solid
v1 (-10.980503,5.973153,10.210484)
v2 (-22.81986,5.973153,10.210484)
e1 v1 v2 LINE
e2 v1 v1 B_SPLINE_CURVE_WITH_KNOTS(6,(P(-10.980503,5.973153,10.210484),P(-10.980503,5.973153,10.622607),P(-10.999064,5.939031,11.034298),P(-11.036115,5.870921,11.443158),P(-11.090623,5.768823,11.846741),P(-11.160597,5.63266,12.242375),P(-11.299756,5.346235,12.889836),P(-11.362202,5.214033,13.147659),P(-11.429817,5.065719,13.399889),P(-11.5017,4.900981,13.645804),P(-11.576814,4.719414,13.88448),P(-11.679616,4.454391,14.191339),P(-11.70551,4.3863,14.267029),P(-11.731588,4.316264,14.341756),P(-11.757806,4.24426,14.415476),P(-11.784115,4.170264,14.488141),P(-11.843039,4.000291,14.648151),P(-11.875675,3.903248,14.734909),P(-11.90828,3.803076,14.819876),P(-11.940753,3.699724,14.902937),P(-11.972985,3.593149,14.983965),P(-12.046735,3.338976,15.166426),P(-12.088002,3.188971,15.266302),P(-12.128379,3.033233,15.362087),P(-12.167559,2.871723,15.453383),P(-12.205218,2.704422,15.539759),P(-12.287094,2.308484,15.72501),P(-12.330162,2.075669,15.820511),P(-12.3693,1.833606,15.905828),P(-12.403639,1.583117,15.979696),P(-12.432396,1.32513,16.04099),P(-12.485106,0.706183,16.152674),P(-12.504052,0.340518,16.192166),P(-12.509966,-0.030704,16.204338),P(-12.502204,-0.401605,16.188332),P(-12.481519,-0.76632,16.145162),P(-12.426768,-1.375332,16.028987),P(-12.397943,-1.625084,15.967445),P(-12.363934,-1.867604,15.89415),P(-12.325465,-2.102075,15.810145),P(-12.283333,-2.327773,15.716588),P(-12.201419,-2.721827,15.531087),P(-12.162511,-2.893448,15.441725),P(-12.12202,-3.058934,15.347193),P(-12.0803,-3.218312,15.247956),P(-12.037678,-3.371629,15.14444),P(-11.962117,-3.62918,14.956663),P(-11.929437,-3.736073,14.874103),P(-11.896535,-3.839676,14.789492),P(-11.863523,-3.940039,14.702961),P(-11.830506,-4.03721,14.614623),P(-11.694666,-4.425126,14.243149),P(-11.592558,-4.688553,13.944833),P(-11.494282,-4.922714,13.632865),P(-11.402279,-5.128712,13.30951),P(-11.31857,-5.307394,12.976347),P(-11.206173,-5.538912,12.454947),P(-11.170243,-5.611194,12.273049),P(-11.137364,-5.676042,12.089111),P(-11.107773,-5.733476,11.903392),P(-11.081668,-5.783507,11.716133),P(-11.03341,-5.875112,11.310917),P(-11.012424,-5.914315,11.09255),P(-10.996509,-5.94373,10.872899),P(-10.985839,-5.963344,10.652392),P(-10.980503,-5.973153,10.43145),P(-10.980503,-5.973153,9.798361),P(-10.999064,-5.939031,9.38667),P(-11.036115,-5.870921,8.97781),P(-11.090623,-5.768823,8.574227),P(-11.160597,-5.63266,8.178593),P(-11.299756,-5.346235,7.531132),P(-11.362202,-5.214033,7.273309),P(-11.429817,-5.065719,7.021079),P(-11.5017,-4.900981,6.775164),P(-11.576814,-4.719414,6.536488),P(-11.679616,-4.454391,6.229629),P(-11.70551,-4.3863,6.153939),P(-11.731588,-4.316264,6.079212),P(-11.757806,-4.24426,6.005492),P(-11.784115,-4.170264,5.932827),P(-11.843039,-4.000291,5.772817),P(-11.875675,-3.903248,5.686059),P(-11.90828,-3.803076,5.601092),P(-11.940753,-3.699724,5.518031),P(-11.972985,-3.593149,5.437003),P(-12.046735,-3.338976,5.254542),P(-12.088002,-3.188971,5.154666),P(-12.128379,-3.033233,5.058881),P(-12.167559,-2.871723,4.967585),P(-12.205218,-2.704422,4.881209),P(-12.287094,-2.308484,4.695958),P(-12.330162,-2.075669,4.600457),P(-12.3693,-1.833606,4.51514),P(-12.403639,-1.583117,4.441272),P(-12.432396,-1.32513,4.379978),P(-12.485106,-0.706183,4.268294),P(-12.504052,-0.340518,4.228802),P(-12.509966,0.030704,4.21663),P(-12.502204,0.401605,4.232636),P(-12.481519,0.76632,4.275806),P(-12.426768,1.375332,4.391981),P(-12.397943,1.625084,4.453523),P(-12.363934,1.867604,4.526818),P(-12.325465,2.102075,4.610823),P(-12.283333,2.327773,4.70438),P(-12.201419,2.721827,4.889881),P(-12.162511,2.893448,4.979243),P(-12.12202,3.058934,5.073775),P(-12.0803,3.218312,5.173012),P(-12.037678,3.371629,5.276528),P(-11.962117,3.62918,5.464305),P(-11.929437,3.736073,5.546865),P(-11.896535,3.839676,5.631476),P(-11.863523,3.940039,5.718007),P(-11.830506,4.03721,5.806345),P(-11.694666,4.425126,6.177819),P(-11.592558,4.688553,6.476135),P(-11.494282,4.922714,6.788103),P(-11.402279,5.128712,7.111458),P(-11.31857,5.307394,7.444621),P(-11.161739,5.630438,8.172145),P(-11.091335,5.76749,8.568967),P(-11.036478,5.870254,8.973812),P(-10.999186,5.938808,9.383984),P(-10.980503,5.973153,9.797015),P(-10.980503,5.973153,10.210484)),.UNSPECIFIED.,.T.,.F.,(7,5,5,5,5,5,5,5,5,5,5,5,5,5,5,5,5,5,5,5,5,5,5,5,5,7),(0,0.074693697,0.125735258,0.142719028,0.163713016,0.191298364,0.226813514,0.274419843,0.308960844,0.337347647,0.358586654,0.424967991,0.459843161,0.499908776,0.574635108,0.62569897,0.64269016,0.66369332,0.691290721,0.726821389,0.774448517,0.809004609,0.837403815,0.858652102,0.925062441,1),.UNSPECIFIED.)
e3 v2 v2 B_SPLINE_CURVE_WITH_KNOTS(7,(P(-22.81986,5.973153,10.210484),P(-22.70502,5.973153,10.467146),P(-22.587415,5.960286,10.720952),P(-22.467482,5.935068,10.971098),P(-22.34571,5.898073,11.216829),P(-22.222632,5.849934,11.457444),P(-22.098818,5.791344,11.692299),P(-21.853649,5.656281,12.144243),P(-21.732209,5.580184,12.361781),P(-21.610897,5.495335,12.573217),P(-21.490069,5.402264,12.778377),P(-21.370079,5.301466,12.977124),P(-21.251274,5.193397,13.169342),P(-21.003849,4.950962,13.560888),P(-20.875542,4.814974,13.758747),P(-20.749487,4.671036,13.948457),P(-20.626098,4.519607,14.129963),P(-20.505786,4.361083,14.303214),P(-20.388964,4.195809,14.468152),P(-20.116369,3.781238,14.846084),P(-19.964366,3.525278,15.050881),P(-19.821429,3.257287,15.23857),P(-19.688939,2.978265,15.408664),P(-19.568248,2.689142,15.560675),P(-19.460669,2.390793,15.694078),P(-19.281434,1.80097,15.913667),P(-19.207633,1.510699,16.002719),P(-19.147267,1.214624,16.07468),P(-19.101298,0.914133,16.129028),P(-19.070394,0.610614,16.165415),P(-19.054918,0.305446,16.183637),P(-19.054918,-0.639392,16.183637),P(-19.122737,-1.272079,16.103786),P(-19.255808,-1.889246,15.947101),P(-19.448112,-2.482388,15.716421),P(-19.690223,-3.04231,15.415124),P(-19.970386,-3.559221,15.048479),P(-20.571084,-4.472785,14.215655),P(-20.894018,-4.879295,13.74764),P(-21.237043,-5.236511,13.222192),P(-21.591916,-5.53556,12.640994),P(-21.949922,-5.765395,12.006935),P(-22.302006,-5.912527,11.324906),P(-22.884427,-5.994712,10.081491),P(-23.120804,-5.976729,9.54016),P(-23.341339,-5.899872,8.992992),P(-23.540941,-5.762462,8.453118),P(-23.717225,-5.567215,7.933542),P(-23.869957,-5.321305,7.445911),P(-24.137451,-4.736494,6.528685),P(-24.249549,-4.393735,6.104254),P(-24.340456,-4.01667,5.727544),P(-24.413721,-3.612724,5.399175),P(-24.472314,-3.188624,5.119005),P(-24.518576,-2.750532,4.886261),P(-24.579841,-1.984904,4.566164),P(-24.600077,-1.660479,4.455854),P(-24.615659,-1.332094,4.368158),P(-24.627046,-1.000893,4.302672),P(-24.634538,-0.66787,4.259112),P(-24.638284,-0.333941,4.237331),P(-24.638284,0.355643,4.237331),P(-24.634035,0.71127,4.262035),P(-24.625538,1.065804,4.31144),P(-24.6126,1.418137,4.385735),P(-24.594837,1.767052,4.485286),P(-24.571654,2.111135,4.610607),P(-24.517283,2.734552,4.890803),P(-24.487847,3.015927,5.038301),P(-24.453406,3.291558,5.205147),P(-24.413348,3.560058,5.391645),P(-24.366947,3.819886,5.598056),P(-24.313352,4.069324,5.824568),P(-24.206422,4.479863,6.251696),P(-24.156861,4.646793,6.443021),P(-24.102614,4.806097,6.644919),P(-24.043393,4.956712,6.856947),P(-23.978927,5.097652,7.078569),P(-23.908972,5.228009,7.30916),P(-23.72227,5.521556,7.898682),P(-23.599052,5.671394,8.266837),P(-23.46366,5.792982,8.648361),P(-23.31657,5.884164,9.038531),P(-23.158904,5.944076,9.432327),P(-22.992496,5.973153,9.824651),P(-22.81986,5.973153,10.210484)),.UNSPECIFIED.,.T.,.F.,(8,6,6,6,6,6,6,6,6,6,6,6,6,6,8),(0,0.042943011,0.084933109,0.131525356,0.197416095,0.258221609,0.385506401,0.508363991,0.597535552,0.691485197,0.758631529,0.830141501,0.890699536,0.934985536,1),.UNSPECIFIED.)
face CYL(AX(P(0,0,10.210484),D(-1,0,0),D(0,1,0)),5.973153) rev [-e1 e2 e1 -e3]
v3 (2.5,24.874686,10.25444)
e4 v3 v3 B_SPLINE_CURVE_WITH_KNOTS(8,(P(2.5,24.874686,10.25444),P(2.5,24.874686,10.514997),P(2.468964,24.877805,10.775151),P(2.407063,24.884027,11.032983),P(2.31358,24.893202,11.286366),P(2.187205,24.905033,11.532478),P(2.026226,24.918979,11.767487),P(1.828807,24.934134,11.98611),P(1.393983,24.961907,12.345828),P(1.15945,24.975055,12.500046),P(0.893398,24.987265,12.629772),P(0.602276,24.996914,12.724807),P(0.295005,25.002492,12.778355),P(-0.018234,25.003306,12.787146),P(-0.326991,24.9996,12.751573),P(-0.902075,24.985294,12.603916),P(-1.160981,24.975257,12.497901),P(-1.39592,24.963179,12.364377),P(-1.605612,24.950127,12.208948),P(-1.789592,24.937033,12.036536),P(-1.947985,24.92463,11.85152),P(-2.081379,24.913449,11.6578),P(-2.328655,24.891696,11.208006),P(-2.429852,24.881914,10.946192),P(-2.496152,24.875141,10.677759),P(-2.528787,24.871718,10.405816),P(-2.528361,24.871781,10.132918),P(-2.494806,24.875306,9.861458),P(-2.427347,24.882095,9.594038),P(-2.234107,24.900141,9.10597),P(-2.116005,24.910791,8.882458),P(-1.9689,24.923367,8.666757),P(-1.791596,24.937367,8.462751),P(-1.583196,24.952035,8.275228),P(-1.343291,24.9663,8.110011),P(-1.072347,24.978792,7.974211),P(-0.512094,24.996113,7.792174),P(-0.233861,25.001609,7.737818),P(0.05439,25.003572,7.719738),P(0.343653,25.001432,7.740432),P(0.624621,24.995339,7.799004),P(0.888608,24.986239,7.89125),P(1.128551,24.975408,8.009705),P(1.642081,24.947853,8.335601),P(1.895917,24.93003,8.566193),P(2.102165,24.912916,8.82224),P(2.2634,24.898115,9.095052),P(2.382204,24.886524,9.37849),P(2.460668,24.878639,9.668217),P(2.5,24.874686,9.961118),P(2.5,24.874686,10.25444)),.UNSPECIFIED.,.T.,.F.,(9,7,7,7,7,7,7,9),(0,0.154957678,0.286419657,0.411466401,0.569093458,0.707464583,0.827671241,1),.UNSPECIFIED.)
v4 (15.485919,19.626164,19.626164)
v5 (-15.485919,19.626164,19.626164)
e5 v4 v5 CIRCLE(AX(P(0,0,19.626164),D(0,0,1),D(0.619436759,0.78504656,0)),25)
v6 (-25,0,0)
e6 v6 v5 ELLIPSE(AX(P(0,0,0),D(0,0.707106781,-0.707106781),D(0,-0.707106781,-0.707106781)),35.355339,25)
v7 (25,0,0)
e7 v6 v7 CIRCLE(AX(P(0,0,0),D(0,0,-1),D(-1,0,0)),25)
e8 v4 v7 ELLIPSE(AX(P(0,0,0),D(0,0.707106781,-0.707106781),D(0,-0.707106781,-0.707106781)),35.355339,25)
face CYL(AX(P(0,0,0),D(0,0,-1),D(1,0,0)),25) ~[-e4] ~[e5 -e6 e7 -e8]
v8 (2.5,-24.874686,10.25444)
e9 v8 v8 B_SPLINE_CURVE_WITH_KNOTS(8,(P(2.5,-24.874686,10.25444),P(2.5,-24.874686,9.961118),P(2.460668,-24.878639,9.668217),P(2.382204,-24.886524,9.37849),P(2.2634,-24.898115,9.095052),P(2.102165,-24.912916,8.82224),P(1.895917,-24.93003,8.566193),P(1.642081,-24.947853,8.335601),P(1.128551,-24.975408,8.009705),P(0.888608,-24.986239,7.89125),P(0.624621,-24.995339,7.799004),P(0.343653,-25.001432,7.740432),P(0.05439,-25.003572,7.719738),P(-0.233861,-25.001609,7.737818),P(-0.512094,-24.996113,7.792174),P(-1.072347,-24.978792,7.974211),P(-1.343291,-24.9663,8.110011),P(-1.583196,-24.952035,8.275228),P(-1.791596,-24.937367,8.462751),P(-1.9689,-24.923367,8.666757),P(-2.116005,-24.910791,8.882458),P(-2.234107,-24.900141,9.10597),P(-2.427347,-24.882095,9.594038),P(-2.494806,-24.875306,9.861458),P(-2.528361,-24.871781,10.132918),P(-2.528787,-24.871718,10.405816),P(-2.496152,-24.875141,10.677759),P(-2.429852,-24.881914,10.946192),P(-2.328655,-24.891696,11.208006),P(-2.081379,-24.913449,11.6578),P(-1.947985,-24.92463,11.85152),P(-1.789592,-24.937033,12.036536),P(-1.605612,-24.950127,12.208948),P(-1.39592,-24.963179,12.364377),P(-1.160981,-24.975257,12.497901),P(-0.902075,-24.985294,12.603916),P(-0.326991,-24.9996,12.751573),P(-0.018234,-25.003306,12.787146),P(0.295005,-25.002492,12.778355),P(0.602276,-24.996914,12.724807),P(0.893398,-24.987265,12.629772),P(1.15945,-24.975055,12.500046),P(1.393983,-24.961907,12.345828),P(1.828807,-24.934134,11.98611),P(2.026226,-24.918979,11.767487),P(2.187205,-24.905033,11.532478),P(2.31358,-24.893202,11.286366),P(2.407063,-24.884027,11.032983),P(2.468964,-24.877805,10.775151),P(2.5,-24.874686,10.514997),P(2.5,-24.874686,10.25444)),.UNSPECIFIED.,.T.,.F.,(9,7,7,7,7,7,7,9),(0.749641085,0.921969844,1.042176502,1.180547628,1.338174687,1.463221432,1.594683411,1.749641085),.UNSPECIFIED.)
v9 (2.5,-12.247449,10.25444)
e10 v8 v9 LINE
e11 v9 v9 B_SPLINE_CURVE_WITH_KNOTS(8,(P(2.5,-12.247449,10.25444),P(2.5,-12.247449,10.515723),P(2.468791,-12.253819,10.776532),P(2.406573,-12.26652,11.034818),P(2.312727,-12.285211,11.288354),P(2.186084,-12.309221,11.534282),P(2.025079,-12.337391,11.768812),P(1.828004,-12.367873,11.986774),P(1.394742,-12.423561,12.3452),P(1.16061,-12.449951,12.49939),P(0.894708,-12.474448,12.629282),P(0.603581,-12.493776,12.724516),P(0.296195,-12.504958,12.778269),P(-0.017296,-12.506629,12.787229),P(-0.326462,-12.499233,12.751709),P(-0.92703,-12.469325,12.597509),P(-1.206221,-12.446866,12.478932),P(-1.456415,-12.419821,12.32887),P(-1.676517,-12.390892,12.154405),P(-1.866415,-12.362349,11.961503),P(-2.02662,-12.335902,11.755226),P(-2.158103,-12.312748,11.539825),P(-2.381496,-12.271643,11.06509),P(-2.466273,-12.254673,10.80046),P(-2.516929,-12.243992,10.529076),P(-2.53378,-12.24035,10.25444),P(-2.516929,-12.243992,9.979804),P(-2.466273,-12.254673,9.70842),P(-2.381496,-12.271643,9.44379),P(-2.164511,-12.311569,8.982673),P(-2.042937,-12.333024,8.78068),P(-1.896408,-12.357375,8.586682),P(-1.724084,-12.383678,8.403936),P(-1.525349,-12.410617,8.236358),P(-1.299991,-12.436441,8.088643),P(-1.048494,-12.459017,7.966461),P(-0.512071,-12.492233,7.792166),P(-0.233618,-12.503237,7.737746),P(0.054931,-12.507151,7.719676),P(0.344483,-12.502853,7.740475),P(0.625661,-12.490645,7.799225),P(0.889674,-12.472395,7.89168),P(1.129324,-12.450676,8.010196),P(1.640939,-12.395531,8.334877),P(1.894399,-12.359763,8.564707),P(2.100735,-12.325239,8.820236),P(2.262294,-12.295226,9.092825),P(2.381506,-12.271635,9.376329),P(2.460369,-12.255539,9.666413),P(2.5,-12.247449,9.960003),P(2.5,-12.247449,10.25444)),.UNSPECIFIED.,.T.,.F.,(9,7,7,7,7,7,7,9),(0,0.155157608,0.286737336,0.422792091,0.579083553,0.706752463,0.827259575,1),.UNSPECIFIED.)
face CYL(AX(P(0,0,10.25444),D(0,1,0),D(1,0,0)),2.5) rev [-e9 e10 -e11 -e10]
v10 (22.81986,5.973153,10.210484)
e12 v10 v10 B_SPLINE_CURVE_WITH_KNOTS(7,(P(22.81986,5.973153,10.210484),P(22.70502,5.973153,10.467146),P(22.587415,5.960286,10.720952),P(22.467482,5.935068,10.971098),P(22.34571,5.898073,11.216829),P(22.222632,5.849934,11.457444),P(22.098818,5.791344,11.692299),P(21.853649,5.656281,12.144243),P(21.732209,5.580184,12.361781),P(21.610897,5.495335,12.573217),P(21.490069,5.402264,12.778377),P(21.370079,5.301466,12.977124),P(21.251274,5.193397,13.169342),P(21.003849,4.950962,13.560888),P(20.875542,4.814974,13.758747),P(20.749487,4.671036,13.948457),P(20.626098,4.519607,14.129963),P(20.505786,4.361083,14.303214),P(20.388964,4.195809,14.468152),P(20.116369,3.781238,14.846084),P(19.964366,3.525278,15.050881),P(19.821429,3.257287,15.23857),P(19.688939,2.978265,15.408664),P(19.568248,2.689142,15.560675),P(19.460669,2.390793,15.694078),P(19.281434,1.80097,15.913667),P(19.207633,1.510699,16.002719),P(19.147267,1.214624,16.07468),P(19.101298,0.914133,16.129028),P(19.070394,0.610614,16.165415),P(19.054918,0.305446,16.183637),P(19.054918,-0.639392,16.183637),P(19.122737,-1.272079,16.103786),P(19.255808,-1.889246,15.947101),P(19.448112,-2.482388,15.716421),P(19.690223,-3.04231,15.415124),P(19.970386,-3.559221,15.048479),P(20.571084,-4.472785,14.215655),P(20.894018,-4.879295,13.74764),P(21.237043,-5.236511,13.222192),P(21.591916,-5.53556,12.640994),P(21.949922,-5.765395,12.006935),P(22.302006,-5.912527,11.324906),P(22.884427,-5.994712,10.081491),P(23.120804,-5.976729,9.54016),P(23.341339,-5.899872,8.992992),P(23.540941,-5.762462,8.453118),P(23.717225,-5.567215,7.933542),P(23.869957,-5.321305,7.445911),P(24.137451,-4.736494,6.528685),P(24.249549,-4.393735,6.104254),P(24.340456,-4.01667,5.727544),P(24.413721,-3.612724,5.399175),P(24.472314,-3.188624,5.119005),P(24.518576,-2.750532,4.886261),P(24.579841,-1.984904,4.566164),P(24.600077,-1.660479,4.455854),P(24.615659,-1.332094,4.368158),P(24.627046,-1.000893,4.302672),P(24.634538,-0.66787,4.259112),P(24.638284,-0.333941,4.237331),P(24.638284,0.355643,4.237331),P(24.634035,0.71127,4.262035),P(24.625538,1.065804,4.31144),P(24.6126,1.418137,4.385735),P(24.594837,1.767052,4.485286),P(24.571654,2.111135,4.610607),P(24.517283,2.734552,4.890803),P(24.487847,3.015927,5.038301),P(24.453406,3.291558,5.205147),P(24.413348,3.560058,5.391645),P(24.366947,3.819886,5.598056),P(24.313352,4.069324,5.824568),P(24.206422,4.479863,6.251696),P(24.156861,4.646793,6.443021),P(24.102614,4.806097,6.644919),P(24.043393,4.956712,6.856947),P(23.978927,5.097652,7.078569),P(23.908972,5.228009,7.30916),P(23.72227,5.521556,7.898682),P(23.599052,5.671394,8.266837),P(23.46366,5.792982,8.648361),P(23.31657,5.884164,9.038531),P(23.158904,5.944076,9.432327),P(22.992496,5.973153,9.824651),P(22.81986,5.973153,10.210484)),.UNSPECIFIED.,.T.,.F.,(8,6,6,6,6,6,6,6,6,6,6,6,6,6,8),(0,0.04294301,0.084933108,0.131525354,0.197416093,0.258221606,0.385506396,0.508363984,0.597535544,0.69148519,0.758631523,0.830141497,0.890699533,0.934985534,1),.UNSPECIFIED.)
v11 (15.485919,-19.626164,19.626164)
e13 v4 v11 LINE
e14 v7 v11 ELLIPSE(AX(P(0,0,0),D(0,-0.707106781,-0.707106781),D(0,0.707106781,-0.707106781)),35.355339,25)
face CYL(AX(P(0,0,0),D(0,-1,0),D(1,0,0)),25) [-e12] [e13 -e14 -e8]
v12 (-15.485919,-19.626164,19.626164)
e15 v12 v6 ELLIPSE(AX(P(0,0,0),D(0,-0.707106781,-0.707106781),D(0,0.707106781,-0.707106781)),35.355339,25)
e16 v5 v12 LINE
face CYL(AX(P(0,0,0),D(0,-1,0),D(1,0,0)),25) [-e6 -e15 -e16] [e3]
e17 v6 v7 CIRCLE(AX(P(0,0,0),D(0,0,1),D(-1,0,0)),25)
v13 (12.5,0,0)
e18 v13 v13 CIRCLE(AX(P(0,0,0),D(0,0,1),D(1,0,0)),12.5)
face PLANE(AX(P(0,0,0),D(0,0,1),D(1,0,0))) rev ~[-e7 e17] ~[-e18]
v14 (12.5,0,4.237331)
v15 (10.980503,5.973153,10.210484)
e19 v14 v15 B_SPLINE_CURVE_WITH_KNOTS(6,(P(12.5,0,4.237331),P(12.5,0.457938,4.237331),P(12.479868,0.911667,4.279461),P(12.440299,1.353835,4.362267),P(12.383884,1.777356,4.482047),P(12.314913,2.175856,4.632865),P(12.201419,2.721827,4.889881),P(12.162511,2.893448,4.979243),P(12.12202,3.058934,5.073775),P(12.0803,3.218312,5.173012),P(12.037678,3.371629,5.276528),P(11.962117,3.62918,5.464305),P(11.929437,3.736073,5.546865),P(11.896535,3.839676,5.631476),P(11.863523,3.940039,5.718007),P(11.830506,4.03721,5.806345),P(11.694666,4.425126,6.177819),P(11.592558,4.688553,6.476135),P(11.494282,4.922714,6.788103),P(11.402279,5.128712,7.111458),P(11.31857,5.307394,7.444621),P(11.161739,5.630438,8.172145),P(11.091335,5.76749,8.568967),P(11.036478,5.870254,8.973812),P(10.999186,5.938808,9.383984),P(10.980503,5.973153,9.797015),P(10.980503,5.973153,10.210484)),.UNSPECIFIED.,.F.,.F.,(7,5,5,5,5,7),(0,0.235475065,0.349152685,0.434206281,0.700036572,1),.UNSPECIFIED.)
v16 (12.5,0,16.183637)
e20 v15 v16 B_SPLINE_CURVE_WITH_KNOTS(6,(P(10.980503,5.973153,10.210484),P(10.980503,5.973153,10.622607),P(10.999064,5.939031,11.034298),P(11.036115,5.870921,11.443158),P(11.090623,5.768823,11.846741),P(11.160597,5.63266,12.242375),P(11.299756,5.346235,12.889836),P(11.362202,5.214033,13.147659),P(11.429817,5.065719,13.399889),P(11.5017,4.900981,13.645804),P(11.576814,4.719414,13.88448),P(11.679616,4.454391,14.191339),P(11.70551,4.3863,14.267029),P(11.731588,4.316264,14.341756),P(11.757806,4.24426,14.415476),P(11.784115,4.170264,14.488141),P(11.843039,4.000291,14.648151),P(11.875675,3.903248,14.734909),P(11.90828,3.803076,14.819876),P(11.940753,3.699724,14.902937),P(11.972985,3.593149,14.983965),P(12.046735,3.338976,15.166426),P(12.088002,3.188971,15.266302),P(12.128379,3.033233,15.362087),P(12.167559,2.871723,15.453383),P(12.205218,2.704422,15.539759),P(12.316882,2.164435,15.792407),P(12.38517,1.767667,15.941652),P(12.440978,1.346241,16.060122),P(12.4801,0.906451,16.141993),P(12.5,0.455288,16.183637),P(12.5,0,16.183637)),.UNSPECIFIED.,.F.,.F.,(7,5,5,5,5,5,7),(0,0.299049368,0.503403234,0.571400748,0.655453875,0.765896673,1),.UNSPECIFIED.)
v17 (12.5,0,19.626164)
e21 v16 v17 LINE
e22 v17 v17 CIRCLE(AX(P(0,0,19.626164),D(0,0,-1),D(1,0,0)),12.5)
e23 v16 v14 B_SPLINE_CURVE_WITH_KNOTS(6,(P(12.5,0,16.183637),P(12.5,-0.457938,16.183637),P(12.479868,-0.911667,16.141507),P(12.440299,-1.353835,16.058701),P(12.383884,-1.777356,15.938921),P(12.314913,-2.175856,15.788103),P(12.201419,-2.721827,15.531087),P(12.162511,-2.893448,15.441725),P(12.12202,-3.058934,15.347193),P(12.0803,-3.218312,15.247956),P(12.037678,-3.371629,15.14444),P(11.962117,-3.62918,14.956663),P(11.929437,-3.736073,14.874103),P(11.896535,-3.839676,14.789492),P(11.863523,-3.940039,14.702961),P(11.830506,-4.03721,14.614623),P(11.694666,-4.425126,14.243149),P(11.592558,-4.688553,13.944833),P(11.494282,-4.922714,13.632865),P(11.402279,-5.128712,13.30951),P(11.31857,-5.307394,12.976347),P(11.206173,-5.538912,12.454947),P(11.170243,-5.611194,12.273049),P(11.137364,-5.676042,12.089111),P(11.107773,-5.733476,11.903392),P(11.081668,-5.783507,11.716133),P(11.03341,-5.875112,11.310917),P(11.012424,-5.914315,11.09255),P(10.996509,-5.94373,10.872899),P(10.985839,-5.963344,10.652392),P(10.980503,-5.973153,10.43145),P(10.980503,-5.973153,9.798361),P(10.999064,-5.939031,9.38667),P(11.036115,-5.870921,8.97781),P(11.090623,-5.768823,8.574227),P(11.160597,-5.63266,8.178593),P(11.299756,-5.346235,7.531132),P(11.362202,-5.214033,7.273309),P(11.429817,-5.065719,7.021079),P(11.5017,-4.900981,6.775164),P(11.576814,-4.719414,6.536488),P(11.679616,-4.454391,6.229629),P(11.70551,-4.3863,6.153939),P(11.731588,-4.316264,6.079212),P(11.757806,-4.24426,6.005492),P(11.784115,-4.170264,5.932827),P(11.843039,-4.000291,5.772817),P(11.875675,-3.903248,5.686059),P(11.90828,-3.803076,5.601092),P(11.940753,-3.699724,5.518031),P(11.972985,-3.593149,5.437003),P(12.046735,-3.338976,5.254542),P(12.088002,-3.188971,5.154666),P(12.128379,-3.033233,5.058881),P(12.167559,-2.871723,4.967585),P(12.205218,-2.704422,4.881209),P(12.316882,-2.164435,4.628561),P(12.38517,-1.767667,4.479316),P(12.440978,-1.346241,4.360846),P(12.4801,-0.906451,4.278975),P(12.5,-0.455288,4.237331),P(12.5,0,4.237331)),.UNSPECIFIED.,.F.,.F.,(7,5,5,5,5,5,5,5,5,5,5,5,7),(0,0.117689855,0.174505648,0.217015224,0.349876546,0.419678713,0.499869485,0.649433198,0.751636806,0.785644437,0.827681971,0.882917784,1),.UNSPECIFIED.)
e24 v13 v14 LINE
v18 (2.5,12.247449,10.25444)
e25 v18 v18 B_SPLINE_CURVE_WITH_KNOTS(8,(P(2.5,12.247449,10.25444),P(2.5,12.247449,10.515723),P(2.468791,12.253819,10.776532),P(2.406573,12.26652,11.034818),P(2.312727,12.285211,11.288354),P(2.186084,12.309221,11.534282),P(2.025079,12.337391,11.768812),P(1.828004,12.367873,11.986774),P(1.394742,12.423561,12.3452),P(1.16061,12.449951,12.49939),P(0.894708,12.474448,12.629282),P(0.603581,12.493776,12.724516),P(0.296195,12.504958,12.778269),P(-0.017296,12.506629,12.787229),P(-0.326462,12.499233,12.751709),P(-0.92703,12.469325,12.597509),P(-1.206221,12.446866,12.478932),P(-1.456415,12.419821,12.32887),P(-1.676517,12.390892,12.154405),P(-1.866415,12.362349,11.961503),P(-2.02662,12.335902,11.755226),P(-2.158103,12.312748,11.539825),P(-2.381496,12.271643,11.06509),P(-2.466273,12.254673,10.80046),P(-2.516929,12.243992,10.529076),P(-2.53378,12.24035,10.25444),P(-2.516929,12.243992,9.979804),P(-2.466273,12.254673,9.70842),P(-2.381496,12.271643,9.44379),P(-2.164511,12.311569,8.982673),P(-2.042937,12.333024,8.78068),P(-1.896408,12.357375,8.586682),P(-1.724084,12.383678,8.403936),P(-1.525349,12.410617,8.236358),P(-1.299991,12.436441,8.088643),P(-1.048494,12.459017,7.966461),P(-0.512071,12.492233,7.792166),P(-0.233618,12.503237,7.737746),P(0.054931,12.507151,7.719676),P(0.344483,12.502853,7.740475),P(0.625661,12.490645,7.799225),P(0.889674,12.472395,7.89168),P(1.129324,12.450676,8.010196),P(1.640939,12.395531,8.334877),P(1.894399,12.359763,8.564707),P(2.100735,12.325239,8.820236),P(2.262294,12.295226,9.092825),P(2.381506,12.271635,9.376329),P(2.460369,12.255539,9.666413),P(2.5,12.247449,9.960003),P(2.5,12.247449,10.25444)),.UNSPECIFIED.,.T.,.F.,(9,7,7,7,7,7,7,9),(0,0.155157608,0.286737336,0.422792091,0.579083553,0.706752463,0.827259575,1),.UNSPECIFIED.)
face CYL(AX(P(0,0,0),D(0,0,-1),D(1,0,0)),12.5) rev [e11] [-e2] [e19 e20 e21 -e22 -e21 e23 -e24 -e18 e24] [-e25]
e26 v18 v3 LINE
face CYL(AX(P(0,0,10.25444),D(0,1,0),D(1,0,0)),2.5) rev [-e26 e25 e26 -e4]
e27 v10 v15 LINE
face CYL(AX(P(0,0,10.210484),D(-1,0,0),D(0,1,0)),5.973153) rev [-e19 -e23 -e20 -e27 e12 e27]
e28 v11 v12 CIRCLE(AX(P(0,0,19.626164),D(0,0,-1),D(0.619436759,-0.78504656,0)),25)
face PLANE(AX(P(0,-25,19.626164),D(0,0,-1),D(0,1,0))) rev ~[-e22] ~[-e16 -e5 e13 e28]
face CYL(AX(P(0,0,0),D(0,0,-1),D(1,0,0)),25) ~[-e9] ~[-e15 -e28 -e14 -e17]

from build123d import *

# Parameters (mm, degrees)
F0_R     = 25
F0_R_2   = 12.5
F3_DEPTH = 50
F1_W     = 50
F1_H     = 19.626164
F1_R     = 5.973153
F4_DEPTH = 25
F2_R     = 25
F2_R_2   = 2.5
F5_DEPTH = 25


with BuildPart() as f3:
    # F0 (on Top) → F3 (new body)
    with BuildSketch(Plane.XY):
        Circle(F0_R)
        Circle(F0_R_2, mode=Mode.SUBTRACT)
    extrude(amount=F3_DEPTH)


with BuildPart() as f4:
    # F1 (on Right) → F4 (new body, symmetric)
    with BuildSketch(Plane.YZ):
        with Locations((0, 9.813082)):
            Rectangle(F1_W, F1_H)
        with Locations((0, 10.210484)):
            Circle(F1_R, mode=Mode.SUBTRACT)
    extrude(amount=F4_DEPTH, both=True)


with BuildPart() as f5:
    # F2 (on Front) → F5 (new body, symmetric)
    with BuildSketch(Plane.XZ):
        Circle(F2_R)
        with Locations((0, 10.25444)):
            Circle(F2_R_2, mode=Mode.SUBTRACT)
    extrude(amount=F5_DEPTH, both=True)


with BuildPart() as f3_1:
    add(f3.part)

    # F6: intersect F4, F5
    add(f4.part, mode=Mode.INTERSECT)
    add(f5.part, mode=Mode.INTERSECT)


solid = f3_1.part
